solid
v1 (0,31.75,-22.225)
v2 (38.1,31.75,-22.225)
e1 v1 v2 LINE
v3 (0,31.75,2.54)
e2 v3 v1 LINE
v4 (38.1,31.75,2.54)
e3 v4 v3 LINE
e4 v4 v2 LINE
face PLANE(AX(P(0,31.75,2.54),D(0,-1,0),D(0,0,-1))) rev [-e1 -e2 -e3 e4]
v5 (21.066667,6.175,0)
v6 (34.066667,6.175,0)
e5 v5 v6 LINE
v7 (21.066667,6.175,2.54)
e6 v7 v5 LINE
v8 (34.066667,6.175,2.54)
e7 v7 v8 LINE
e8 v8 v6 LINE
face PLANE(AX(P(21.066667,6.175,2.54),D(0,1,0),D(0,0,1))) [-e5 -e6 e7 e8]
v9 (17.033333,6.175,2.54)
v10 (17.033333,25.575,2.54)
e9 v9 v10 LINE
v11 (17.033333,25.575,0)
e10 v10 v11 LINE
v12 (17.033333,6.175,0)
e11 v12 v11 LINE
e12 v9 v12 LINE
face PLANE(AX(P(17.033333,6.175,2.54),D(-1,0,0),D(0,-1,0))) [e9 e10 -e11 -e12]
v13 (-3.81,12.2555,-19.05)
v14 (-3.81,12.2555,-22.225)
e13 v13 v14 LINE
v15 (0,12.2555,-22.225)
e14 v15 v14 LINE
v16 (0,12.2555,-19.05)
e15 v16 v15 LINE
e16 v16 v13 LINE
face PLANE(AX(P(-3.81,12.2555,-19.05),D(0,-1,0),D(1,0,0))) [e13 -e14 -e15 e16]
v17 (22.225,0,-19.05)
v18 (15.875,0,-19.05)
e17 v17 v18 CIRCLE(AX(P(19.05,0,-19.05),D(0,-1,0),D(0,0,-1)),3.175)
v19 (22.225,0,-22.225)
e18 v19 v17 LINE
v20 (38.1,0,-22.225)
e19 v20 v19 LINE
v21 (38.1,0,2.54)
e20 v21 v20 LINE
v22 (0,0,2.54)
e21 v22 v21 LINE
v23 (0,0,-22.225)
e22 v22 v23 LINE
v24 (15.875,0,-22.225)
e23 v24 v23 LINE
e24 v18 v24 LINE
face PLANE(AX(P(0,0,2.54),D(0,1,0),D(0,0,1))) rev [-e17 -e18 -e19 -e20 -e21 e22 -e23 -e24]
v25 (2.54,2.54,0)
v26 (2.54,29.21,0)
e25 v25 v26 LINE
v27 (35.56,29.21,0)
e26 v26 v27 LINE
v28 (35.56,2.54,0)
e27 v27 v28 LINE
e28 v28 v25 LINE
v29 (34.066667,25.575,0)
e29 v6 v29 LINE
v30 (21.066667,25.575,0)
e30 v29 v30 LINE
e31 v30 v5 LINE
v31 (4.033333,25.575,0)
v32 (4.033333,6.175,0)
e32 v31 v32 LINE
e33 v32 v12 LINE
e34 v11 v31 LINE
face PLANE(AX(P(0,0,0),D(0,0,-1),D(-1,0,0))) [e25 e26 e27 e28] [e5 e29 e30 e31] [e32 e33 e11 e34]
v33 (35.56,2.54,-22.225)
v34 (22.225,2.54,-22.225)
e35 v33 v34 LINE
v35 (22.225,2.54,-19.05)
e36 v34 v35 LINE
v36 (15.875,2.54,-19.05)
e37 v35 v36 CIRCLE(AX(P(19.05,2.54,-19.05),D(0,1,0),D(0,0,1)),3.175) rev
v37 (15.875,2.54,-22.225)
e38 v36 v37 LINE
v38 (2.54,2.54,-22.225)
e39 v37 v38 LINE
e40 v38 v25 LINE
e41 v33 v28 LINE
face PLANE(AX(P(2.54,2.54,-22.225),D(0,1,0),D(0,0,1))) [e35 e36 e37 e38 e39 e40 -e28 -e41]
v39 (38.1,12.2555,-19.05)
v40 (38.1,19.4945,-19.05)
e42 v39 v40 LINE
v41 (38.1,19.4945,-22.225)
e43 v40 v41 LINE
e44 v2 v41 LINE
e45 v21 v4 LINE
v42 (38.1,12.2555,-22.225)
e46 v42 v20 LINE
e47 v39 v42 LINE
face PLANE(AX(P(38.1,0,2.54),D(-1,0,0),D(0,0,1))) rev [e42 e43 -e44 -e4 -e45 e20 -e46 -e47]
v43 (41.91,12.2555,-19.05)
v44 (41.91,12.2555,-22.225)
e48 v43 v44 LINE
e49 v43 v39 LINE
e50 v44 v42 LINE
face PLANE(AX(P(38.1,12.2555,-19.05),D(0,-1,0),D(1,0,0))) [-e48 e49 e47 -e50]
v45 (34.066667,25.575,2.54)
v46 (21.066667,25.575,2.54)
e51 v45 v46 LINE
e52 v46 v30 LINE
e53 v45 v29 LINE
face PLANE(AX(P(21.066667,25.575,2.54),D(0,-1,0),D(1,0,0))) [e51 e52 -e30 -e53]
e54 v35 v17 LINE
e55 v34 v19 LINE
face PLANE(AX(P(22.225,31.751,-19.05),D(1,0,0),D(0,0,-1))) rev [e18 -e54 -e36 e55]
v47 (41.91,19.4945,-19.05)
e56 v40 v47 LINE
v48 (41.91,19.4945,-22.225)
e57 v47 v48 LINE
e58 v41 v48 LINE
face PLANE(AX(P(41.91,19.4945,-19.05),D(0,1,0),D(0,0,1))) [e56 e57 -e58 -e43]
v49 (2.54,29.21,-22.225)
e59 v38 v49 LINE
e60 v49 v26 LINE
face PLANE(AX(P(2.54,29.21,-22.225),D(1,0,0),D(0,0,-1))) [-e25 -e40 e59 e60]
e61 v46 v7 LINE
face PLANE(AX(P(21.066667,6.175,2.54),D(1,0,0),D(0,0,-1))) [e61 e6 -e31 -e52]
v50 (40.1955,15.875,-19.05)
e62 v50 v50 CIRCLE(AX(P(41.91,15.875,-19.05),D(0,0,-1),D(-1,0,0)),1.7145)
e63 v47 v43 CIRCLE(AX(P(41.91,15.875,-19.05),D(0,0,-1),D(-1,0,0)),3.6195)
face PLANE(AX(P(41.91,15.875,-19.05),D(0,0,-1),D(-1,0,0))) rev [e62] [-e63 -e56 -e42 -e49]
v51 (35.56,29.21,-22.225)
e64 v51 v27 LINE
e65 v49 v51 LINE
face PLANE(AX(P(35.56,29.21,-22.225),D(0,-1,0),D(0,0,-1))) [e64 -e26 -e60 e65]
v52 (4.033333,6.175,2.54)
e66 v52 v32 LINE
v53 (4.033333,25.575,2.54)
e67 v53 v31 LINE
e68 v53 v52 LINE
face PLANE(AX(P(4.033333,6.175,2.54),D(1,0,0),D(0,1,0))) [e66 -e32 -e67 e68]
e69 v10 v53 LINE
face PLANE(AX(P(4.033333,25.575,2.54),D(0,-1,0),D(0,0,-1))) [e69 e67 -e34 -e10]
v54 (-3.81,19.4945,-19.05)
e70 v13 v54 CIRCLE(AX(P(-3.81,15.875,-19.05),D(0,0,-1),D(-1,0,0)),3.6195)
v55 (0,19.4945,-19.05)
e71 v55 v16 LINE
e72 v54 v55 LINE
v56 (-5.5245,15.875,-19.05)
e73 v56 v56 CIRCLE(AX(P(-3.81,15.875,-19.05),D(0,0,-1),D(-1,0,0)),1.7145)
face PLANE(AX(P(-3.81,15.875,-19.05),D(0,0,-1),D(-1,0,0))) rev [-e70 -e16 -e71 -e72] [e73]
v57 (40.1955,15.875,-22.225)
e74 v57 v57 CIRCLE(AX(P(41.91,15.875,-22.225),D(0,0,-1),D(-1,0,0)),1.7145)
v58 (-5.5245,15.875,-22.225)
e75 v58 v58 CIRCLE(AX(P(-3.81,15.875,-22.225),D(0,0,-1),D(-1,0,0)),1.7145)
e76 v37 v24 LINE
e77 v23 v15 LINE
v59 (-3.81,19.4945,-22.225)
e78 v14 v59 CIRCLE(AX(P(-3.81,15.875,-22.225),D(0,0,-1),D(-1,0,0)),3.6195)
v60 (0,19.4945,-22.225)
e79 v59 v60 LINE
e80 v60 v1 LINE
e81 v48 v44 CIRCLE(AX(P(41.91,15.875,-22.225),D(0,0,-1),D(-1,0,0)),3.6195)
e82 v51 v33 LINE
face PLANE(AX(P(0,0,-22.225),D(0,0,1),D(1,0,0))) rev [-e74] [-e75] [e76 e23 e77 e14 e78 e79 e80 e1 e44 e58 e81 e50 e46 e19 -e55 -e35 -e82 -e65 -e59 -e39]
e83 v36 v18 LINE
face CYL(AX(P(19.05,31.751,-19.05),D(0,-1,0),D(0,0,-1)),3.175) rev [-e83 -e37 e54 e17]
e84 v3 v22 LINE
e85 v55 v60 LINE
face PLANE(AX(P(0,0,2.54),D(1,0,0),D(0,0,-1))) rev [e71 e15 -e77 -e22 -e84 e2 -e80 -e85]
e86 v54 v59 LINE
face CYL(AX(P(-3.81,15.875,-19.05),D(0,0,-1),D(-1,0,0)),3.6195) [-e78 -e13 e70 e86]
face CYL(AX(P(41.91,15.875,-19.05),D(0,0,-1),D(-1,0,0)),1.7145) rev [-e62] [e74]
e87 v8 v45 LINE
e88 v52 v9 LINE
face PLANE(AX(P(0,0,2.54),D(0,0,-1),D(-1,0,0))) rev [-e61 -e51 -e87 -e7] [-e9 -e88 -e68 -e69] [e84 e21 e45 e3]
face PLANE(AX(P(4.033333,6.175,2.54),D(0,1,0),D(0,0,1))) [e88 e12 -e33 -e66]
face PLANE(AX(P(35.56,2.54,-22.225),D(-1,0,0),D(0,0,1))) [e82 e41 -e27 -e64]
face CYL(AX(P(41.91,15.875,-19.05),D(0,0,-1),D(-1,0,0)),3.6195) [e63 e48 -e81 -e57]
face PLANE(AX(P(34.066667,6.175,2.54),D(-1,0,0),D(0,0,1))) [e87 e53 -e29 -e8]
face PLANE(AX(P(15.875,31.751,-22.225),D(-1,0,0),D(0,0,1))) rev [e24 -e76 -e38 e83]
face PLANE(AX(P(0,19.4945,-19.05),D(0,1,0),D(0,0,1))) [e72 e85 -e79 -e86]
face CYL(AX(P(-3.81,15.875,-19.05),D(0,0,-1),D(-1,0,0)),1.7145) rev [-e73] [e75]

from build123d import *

# Parameters (mm, degrees)
SKETCH1_W           = 38.1
SKETCH1_H           = 31.75
SKETCH1_W_2         = 13
SKETCH1_H_2         = 19.4
BOSS_EXTRUDE1_DEPTH = 2.54
SKETCH2_W           = 38.1
SKETCH2_H           = 31.75
SKETCH2_W_2         = 33.02
SKETCH2_H_2         = 26.67
BOSS_EXTRUDE2_DEPTH = 22.225
SKETCH3_R           = 1.7145
BOSS_EXTRUDE3_DEPTH = 3.175
CUT_EXTRUDE1_REACH  = 61.791


with BuildPart() as part:
    # Sketch1 → Boss-Extrude1 (new body)
    with BuildSketch(Plane.XY):
        with Locations((19.05, 15.875)):
            Rectangle(SKETCH1_W, SKETCH1_H)
        with Locations((10.533333333, 15.875)):
            Rectangle(SKETCH1_W_2, SKETCH1_H_2, mode=Mode.SUBTRACT)
        with Locations((27.566666667, 15.875)):
            Rectangle(SKETCH1_W_2, SKETCH1_H_2, mode=Mode.SUBTRACT)
    extrude(amount=BOSS_EXTRUDE1_DEPTH)

    # Sketch2 → Boss-Extrude2 (add)
    with BuildSketch(Plane(origin=(0, 0, 0), x_dir=(-1, 0, 0), z_dir=(0, 0, -1))):
        with Locations((-19.05, 15.875)):
            Rectangle(SKETCH2_W, SKETCH2_H)
        with Locations((-19.05, 15.875)):
            Rectangle(SKETCH2_W_2, SKETCH2_H_2, mode=Mode.SUBTRACT)
    extrude(amount=BOSS_EXTRUDE2_DEPTH)

    # Sketch3 → Boss-Extrude3 (add)
    # profile 1 of 2: a face of its own
    with BuildSketch(Plane(origin=(0, 0, -22.225), x_dir=(-1, 0, 0), z_dir=(0, 0, -1))):
        with BuildLine():
            Line((-41.91, 19.4945), (-38.1, 19.4945))
            Line((-38.1, 19.4945), (-38.1, 12.2555))
            Line((-38.1, 12.2555), (-41.91, 12.2555))
            ThreePointArc((-41.91, 12.2555), (-45.5295, 15.875), (-41.91, 19.4945))
        make_face()
        with Locations((-41.91, 15.875)):
            Circle(SKETCH3_R, mode=Mode.SUBTRACT)
    # profile 2 of 2: a face of its own
    with BuildSketch(Plane(origin=(0, 0, -22.225), x_dir=(-1, 0, 0), z_dir=(0, 0, -1))):
        with BuildLine():
            Line((3.81, 12.2555), (0, 12.2555))
            Line((0, 12.2555), (0, 19.4945))
            Line((0, 19.4945), (3.81, 19.4945))
            ThreePointArc((3.81, 19.4945), (7.4295, 15.875), (3.81, 12.2555))
        make_face()
        with Locations((3.81, 15.875)):
            Circle(SKETCH3_R, mode=Mode.SUBTRACT)
    extrude(amount=-BOSS_EXTRUDE3_DEPTH)

    # Sketch4 → Cut-Extrude1 (cut, up to next)
    with BuildSketch(Plane.XZ, mode=Mode.PRIVATE) as cut_extrude1_sk1:
        with BuildLine():
            Line((22.225, -19.05), (22.225, -22.225))
            Line((22.225, -22.225), (15.875, -22.225))
            Line((15.875, -22.225), (15.875, -19.05))
            ThreePointArc((15.875, -19.05), (19.05, -15.875), (22.225, -19.05))
        make_face()
    cut_extrude1_tool1 = extrude(cut_extrude1_sk1.sketch, amount=-CUT_EXTRUDE1_REACH, mode=Mode.PRIVATE) & part.part
    add(cut_extrude1_tool1.solids().sort_by_distance((19.05, 0, -19.346386))[0], mode=Mode.SUBTRACT)


solid = part.part
